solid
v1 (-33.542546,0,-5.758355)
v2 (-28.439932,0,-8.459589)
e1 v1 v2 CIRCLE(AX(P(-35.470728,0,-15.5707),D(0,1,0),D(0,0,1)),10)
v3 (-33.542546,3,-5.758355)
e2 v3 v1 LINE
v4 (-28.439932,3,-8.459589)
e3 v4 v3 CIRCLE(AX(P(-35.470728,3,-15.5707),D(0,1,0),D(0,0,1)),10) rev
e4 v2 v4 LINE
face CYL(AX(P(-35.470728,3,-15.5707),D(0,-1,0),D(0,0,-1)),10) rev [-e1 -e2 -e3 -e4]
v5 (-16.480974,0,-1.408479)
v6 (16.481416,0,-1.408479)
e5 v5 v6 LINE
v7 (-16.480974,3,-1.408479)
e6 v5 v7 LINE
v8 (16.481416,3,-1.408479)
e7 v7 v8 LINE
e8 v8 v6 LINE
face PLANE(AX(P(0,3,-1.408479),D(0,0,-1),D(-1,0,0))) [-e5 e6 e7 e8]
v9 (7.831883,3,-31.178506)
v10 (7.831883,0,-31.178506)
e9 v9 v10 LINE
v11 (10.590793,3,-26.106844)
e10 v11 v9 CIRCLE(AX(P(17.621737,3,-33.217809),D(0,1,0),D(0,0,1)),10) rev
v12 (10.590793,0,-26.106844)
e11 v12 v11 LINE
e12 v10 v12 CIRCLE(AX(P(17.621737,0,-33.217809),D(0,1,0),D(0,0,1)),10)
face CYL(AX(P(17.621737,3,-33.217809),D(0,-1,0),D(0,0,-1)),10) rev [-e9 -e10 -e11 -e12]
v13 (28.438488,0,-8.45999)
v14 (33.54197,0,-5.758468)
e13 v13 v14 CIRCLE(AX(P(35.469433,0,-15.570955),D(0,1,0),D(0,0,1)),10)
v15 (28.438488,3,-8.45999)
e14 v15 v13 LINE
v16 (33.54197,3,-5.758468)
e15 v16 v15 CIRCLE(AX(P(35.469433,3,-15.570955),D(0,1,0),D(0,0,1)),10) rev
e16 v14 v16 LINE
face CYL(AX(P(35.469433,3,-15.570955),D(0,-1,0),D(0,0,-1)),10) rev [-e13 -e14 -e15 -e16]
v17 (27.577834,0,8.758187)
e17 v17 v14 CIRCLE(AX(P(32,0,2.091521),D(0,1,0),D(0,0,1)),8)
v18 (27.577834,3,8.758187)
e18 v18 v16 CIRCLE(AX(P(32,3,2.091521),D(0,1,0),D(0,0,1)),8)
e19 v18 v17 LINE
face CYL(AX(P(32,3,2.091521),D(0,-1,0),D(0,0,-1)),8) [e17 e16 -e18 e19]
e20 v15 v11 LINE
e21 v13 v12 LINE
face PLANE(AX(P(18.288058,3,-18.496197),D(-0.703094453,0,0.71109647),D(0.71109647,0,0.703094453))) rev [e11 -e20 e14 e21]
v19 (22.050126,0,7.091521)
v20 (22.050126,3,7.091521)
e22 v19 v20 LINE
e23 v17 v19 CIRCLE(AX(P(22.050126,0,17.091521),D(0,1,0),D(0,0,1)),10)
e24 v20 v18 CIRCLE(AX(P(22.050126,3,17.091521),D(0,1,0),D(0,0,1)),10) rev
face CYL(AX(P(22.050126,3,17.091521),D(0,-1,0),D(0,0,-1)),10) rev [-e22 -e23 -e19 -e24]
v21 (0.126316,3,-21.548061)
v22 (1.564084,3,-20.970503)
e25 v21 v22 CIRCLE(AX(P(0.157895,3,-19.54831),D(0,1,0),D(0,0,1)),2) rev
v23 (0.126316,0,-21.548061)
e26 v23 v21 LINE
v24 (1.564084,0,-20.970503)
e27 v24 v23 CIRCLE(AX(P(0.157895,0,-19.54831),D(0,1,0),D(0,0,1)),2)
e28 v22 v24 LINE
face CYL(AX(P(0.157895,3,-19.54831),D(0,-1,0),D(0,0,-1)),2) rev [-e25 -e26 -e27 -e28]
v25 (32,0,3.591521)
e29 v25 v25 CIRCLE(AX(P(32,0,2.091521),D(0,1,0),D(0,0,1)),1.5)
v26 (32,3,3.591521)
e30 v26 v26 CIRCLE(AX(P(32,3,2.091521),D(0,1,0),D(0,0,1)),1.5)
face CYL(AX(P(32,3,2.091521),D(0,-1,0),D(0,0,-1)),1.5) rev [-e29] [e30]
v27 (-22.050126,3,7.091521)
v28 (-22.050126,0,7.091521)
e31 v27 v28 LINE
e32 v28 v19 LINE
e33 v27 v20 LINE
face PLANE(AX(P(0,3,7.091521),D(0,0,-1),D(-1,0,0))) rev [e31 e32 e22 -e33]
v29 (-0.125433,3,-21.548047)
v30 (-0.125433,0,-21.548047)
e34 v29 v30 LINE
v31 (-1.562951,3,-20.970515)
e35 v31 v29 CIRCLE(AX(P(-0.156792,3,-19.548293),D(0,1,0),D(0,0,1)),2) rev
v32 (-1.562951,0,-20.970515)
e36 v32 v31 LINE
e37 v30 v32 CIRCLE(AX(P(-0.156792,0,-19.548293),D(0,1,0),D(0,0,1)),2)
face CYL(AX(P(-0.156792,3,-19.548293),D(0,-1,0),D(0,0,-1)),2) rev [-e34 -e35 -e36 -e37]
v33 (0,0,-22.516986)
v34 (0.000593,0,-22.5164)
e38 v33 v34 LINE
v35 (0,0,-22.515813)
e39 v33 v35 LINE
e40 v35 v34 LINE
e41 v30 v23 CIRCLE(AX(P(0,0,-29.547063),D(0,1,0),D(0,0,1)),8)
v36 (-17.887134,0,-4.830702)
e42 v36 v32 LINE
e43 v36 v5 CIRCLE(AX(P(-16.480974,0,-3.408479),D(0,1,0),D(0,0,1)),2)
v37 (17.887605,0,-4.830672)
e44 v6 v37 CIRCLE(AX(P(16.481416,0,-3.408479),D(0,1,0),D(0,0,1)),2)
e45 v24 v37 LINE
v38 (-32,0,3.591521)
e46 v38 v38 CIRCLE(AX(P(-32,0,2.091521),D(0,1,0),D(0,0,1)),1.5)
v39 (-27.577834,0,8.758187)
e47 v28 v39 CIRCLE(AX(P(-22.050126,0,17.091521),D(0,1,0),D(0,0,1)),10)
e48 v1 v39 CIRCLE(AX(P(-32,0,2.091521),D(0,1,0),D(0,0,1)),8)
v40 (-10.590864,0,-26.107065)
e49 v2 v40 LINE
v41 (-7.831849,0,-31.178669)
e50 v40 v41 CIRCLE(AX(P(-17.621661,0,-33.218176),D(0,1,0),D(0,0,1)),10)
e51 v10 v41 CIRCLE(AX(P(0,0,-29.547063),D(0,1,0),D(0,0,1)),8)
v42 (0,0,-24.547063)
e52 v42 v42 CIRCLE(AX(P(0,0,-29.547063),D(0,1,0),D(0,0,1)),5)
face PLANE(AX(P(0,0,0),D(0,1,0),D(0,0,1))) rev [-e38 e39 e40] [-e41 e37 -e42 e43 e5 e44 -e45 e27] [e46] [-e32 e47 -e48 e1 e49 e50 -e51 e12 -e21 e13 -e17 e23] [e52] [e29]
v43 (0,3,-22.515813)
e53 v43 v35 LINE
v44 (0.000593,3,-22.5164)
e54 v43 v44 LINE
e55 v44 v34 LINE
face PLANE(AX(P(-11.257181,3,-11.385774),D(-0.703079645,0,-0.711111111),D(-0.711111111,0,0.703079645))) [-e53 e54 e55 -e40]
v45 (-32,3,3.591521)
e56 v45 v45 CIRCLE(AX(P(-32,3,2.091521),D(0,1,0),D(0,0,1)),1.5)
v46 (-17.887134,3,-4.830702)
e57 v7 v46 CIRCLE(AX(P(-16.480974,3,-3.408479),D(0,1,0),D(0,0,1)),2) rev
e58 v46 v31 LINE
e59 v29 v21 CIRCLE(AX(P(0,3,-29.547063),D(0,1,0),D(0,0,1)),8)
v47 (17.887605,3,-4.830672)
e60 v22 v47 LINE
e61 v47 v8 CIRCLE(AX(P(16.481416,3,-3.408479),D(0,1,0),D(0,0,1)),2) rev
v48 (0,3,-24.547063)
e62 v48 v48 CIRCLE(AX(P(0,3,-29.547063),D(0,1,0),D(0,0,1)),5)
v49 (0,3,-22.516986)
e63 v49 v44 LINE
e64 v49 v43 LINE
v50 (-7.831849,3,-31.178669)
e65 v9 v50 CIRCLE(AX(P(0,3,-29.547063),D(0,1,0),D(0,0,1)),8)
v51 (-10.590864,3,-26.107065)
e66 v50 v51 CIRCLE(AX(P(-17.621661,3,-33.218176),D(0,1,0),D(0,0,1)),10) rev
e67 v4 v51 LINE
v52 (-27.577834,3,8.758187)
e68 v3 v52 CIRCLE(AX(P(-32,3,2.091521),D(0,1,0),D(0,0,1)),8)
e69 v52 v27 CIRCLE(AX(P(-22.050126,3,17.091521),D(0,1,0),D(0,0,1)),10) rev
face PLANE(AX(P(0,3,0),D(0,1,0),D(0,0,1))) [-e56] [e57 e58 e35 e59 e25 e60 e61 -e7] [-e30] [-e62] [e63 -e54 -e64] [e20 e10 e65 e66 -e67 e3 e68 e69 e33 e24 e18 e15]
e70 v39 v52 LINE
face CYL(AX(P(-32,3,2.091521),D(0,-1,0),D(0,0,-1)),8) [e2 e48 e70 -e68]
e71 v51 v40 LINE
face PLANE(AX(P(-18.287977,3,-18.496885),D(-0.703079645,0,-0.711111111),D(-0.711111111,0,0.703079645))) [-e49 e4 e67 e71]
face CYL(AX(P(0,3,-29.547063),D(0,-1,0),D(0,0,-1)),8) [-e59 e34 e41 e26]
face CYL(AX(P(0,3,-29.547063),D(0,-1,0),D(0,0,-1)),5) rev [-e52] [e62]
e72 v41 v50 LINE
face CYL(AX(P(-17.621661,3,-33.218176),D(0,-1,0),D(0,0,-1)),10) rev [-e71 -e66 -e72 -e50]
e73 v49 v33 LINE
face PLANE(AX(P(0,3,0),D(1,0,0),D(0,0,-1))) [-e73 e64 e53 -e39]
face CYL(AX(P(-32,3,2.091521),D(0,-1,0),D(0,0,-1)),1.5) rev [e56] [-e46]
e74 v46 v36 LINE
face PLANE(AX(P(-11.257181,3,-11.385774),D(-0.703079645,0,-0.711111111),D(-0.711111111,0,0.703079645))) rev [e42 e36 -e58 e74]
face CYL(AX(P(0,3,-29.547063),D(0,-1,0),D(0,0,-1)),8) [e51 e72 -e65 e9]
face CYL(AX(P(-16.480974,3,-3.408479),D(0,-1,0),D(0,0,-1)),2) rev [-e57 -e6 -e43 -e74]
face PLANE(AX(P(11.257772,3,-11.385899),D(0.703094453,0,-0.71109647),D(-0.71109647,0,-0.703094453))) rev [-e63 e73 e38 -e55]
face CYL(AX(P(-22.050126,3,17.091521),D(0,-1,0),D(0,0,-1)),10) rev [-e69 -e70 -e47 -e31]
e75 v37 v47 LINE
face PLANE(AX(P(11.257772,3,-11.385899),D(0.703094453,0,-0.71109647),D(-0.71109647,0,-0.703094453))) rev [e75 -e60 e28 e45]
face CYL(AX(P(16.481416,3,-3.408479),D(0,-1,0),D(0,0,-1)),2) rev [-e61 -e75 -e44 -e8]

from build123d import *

# Parameters (mm, degrees)
SKETCH2_R           = 1.5
SKETCH2_R_2         = 5
BOSS_EXTRUDE1_DEPTH = 3
FILLET1_R           = 10
FILLET2_R           = 2


with BuildPart() as part:
    # Sketch2 → Boss-Extrude1 (new body)
    with BuildSketch(Plane(origin=(0, 0, 0), x_dir=(1, 0, 0), z_dir=(0, 1, 0))):
        with BuildLine():
            Line((-25.755002002, -7.091520556), (25.755002002, -7.091520556))
            ThreePointArc((25.755002002, -7.091520556), (39.399896119, -5.131510265), (31.07348397, 5.854646321))
            Line((31.07348397, 5.854646321), (7.956268299, 28.711722383))
            ThreePointArc((7.956268299, 28.711722383), (8.3294e-05, 37.547063483), (-7.956285692, 28.711888061))
            Line((-7.956285692, 28.711888061), (-31.074510761, 5.854765977))
            ThreePointArc((-31.074510761, 5.854765977), (-39.399699694, -5.131988356), (-25.755002002, -7.091520556))
        make_face()
        with Locations(Location((-32, -2.091520556, 0), (0, 0, 270))):
            Circle(SKETCH2_R, mode=Mode.SUBTRACT)
        with Locations(Location((32, -2.091520556, 0), (0, 0, 270))):
            Circle(SKETCH2_R, mode=Mode.SUBTRACT)
        with BuildLine():
            Line((0.92651603, 21.600896605), (21.348745942, 1.408479444))
            Line((21.348745942, 1.408479444), (-21.34844873, 1.408479444))
            Line((-21.34844873, 1.408479444), (-0.925489239, 21.60077695))
            ThreePointArc((-0.925489239, 21.60077695), (0.00051687, 21.5470635), (0.92651603, 21.600896605))
        make_face(mode=Mode.SUBTRACT)
        Polygon((0, 22.515813483), (0, 22.516986487), (0.000593189, 22.516399973), align=None, mode=Mode.SUBTRACT)
        with Locations(Location((0, 29.547063483, 0), (0, 0, 270))):
            Circle(SKETCH2_R_2, mode=Mode.SUBTRACT)
    extrude(amount=BOSS_EXTRUDE1_DEPTH)

    # Fillet1
    fillet1_edges = [part.edges().sort_by_distance(p)[0] for p in [
        (-25.755002002, 1.5, 7.091520556),
        (-31.074510761, 1.5, -5.854765977),
        (-7.956285692, 1.5, -28.711888061),
        (7.956268299, 1.5, -28.711722383),
        (31.07348397, 1.5, -5.854646321),
        (25.755002002, 1.5, 7.091520556),
    ]]
    fillet(fillet1_edges, radius=FILLET1_R)

    # Fillet2
    fillet2_edges = [part.edges().sort_by_distance(p)[0] for p in [
        (0.92651603, 1.5, -21.600896605),
        (-0.925489239, 1.5, -21.60077695),
        (-21.34844873, 1.5, -1.408479444),
        (21.348745942, 1.5, -1.408479444),
    ]]
    fillet(fillet2_edges, radius=FILLET2_R)


solid = part.part
